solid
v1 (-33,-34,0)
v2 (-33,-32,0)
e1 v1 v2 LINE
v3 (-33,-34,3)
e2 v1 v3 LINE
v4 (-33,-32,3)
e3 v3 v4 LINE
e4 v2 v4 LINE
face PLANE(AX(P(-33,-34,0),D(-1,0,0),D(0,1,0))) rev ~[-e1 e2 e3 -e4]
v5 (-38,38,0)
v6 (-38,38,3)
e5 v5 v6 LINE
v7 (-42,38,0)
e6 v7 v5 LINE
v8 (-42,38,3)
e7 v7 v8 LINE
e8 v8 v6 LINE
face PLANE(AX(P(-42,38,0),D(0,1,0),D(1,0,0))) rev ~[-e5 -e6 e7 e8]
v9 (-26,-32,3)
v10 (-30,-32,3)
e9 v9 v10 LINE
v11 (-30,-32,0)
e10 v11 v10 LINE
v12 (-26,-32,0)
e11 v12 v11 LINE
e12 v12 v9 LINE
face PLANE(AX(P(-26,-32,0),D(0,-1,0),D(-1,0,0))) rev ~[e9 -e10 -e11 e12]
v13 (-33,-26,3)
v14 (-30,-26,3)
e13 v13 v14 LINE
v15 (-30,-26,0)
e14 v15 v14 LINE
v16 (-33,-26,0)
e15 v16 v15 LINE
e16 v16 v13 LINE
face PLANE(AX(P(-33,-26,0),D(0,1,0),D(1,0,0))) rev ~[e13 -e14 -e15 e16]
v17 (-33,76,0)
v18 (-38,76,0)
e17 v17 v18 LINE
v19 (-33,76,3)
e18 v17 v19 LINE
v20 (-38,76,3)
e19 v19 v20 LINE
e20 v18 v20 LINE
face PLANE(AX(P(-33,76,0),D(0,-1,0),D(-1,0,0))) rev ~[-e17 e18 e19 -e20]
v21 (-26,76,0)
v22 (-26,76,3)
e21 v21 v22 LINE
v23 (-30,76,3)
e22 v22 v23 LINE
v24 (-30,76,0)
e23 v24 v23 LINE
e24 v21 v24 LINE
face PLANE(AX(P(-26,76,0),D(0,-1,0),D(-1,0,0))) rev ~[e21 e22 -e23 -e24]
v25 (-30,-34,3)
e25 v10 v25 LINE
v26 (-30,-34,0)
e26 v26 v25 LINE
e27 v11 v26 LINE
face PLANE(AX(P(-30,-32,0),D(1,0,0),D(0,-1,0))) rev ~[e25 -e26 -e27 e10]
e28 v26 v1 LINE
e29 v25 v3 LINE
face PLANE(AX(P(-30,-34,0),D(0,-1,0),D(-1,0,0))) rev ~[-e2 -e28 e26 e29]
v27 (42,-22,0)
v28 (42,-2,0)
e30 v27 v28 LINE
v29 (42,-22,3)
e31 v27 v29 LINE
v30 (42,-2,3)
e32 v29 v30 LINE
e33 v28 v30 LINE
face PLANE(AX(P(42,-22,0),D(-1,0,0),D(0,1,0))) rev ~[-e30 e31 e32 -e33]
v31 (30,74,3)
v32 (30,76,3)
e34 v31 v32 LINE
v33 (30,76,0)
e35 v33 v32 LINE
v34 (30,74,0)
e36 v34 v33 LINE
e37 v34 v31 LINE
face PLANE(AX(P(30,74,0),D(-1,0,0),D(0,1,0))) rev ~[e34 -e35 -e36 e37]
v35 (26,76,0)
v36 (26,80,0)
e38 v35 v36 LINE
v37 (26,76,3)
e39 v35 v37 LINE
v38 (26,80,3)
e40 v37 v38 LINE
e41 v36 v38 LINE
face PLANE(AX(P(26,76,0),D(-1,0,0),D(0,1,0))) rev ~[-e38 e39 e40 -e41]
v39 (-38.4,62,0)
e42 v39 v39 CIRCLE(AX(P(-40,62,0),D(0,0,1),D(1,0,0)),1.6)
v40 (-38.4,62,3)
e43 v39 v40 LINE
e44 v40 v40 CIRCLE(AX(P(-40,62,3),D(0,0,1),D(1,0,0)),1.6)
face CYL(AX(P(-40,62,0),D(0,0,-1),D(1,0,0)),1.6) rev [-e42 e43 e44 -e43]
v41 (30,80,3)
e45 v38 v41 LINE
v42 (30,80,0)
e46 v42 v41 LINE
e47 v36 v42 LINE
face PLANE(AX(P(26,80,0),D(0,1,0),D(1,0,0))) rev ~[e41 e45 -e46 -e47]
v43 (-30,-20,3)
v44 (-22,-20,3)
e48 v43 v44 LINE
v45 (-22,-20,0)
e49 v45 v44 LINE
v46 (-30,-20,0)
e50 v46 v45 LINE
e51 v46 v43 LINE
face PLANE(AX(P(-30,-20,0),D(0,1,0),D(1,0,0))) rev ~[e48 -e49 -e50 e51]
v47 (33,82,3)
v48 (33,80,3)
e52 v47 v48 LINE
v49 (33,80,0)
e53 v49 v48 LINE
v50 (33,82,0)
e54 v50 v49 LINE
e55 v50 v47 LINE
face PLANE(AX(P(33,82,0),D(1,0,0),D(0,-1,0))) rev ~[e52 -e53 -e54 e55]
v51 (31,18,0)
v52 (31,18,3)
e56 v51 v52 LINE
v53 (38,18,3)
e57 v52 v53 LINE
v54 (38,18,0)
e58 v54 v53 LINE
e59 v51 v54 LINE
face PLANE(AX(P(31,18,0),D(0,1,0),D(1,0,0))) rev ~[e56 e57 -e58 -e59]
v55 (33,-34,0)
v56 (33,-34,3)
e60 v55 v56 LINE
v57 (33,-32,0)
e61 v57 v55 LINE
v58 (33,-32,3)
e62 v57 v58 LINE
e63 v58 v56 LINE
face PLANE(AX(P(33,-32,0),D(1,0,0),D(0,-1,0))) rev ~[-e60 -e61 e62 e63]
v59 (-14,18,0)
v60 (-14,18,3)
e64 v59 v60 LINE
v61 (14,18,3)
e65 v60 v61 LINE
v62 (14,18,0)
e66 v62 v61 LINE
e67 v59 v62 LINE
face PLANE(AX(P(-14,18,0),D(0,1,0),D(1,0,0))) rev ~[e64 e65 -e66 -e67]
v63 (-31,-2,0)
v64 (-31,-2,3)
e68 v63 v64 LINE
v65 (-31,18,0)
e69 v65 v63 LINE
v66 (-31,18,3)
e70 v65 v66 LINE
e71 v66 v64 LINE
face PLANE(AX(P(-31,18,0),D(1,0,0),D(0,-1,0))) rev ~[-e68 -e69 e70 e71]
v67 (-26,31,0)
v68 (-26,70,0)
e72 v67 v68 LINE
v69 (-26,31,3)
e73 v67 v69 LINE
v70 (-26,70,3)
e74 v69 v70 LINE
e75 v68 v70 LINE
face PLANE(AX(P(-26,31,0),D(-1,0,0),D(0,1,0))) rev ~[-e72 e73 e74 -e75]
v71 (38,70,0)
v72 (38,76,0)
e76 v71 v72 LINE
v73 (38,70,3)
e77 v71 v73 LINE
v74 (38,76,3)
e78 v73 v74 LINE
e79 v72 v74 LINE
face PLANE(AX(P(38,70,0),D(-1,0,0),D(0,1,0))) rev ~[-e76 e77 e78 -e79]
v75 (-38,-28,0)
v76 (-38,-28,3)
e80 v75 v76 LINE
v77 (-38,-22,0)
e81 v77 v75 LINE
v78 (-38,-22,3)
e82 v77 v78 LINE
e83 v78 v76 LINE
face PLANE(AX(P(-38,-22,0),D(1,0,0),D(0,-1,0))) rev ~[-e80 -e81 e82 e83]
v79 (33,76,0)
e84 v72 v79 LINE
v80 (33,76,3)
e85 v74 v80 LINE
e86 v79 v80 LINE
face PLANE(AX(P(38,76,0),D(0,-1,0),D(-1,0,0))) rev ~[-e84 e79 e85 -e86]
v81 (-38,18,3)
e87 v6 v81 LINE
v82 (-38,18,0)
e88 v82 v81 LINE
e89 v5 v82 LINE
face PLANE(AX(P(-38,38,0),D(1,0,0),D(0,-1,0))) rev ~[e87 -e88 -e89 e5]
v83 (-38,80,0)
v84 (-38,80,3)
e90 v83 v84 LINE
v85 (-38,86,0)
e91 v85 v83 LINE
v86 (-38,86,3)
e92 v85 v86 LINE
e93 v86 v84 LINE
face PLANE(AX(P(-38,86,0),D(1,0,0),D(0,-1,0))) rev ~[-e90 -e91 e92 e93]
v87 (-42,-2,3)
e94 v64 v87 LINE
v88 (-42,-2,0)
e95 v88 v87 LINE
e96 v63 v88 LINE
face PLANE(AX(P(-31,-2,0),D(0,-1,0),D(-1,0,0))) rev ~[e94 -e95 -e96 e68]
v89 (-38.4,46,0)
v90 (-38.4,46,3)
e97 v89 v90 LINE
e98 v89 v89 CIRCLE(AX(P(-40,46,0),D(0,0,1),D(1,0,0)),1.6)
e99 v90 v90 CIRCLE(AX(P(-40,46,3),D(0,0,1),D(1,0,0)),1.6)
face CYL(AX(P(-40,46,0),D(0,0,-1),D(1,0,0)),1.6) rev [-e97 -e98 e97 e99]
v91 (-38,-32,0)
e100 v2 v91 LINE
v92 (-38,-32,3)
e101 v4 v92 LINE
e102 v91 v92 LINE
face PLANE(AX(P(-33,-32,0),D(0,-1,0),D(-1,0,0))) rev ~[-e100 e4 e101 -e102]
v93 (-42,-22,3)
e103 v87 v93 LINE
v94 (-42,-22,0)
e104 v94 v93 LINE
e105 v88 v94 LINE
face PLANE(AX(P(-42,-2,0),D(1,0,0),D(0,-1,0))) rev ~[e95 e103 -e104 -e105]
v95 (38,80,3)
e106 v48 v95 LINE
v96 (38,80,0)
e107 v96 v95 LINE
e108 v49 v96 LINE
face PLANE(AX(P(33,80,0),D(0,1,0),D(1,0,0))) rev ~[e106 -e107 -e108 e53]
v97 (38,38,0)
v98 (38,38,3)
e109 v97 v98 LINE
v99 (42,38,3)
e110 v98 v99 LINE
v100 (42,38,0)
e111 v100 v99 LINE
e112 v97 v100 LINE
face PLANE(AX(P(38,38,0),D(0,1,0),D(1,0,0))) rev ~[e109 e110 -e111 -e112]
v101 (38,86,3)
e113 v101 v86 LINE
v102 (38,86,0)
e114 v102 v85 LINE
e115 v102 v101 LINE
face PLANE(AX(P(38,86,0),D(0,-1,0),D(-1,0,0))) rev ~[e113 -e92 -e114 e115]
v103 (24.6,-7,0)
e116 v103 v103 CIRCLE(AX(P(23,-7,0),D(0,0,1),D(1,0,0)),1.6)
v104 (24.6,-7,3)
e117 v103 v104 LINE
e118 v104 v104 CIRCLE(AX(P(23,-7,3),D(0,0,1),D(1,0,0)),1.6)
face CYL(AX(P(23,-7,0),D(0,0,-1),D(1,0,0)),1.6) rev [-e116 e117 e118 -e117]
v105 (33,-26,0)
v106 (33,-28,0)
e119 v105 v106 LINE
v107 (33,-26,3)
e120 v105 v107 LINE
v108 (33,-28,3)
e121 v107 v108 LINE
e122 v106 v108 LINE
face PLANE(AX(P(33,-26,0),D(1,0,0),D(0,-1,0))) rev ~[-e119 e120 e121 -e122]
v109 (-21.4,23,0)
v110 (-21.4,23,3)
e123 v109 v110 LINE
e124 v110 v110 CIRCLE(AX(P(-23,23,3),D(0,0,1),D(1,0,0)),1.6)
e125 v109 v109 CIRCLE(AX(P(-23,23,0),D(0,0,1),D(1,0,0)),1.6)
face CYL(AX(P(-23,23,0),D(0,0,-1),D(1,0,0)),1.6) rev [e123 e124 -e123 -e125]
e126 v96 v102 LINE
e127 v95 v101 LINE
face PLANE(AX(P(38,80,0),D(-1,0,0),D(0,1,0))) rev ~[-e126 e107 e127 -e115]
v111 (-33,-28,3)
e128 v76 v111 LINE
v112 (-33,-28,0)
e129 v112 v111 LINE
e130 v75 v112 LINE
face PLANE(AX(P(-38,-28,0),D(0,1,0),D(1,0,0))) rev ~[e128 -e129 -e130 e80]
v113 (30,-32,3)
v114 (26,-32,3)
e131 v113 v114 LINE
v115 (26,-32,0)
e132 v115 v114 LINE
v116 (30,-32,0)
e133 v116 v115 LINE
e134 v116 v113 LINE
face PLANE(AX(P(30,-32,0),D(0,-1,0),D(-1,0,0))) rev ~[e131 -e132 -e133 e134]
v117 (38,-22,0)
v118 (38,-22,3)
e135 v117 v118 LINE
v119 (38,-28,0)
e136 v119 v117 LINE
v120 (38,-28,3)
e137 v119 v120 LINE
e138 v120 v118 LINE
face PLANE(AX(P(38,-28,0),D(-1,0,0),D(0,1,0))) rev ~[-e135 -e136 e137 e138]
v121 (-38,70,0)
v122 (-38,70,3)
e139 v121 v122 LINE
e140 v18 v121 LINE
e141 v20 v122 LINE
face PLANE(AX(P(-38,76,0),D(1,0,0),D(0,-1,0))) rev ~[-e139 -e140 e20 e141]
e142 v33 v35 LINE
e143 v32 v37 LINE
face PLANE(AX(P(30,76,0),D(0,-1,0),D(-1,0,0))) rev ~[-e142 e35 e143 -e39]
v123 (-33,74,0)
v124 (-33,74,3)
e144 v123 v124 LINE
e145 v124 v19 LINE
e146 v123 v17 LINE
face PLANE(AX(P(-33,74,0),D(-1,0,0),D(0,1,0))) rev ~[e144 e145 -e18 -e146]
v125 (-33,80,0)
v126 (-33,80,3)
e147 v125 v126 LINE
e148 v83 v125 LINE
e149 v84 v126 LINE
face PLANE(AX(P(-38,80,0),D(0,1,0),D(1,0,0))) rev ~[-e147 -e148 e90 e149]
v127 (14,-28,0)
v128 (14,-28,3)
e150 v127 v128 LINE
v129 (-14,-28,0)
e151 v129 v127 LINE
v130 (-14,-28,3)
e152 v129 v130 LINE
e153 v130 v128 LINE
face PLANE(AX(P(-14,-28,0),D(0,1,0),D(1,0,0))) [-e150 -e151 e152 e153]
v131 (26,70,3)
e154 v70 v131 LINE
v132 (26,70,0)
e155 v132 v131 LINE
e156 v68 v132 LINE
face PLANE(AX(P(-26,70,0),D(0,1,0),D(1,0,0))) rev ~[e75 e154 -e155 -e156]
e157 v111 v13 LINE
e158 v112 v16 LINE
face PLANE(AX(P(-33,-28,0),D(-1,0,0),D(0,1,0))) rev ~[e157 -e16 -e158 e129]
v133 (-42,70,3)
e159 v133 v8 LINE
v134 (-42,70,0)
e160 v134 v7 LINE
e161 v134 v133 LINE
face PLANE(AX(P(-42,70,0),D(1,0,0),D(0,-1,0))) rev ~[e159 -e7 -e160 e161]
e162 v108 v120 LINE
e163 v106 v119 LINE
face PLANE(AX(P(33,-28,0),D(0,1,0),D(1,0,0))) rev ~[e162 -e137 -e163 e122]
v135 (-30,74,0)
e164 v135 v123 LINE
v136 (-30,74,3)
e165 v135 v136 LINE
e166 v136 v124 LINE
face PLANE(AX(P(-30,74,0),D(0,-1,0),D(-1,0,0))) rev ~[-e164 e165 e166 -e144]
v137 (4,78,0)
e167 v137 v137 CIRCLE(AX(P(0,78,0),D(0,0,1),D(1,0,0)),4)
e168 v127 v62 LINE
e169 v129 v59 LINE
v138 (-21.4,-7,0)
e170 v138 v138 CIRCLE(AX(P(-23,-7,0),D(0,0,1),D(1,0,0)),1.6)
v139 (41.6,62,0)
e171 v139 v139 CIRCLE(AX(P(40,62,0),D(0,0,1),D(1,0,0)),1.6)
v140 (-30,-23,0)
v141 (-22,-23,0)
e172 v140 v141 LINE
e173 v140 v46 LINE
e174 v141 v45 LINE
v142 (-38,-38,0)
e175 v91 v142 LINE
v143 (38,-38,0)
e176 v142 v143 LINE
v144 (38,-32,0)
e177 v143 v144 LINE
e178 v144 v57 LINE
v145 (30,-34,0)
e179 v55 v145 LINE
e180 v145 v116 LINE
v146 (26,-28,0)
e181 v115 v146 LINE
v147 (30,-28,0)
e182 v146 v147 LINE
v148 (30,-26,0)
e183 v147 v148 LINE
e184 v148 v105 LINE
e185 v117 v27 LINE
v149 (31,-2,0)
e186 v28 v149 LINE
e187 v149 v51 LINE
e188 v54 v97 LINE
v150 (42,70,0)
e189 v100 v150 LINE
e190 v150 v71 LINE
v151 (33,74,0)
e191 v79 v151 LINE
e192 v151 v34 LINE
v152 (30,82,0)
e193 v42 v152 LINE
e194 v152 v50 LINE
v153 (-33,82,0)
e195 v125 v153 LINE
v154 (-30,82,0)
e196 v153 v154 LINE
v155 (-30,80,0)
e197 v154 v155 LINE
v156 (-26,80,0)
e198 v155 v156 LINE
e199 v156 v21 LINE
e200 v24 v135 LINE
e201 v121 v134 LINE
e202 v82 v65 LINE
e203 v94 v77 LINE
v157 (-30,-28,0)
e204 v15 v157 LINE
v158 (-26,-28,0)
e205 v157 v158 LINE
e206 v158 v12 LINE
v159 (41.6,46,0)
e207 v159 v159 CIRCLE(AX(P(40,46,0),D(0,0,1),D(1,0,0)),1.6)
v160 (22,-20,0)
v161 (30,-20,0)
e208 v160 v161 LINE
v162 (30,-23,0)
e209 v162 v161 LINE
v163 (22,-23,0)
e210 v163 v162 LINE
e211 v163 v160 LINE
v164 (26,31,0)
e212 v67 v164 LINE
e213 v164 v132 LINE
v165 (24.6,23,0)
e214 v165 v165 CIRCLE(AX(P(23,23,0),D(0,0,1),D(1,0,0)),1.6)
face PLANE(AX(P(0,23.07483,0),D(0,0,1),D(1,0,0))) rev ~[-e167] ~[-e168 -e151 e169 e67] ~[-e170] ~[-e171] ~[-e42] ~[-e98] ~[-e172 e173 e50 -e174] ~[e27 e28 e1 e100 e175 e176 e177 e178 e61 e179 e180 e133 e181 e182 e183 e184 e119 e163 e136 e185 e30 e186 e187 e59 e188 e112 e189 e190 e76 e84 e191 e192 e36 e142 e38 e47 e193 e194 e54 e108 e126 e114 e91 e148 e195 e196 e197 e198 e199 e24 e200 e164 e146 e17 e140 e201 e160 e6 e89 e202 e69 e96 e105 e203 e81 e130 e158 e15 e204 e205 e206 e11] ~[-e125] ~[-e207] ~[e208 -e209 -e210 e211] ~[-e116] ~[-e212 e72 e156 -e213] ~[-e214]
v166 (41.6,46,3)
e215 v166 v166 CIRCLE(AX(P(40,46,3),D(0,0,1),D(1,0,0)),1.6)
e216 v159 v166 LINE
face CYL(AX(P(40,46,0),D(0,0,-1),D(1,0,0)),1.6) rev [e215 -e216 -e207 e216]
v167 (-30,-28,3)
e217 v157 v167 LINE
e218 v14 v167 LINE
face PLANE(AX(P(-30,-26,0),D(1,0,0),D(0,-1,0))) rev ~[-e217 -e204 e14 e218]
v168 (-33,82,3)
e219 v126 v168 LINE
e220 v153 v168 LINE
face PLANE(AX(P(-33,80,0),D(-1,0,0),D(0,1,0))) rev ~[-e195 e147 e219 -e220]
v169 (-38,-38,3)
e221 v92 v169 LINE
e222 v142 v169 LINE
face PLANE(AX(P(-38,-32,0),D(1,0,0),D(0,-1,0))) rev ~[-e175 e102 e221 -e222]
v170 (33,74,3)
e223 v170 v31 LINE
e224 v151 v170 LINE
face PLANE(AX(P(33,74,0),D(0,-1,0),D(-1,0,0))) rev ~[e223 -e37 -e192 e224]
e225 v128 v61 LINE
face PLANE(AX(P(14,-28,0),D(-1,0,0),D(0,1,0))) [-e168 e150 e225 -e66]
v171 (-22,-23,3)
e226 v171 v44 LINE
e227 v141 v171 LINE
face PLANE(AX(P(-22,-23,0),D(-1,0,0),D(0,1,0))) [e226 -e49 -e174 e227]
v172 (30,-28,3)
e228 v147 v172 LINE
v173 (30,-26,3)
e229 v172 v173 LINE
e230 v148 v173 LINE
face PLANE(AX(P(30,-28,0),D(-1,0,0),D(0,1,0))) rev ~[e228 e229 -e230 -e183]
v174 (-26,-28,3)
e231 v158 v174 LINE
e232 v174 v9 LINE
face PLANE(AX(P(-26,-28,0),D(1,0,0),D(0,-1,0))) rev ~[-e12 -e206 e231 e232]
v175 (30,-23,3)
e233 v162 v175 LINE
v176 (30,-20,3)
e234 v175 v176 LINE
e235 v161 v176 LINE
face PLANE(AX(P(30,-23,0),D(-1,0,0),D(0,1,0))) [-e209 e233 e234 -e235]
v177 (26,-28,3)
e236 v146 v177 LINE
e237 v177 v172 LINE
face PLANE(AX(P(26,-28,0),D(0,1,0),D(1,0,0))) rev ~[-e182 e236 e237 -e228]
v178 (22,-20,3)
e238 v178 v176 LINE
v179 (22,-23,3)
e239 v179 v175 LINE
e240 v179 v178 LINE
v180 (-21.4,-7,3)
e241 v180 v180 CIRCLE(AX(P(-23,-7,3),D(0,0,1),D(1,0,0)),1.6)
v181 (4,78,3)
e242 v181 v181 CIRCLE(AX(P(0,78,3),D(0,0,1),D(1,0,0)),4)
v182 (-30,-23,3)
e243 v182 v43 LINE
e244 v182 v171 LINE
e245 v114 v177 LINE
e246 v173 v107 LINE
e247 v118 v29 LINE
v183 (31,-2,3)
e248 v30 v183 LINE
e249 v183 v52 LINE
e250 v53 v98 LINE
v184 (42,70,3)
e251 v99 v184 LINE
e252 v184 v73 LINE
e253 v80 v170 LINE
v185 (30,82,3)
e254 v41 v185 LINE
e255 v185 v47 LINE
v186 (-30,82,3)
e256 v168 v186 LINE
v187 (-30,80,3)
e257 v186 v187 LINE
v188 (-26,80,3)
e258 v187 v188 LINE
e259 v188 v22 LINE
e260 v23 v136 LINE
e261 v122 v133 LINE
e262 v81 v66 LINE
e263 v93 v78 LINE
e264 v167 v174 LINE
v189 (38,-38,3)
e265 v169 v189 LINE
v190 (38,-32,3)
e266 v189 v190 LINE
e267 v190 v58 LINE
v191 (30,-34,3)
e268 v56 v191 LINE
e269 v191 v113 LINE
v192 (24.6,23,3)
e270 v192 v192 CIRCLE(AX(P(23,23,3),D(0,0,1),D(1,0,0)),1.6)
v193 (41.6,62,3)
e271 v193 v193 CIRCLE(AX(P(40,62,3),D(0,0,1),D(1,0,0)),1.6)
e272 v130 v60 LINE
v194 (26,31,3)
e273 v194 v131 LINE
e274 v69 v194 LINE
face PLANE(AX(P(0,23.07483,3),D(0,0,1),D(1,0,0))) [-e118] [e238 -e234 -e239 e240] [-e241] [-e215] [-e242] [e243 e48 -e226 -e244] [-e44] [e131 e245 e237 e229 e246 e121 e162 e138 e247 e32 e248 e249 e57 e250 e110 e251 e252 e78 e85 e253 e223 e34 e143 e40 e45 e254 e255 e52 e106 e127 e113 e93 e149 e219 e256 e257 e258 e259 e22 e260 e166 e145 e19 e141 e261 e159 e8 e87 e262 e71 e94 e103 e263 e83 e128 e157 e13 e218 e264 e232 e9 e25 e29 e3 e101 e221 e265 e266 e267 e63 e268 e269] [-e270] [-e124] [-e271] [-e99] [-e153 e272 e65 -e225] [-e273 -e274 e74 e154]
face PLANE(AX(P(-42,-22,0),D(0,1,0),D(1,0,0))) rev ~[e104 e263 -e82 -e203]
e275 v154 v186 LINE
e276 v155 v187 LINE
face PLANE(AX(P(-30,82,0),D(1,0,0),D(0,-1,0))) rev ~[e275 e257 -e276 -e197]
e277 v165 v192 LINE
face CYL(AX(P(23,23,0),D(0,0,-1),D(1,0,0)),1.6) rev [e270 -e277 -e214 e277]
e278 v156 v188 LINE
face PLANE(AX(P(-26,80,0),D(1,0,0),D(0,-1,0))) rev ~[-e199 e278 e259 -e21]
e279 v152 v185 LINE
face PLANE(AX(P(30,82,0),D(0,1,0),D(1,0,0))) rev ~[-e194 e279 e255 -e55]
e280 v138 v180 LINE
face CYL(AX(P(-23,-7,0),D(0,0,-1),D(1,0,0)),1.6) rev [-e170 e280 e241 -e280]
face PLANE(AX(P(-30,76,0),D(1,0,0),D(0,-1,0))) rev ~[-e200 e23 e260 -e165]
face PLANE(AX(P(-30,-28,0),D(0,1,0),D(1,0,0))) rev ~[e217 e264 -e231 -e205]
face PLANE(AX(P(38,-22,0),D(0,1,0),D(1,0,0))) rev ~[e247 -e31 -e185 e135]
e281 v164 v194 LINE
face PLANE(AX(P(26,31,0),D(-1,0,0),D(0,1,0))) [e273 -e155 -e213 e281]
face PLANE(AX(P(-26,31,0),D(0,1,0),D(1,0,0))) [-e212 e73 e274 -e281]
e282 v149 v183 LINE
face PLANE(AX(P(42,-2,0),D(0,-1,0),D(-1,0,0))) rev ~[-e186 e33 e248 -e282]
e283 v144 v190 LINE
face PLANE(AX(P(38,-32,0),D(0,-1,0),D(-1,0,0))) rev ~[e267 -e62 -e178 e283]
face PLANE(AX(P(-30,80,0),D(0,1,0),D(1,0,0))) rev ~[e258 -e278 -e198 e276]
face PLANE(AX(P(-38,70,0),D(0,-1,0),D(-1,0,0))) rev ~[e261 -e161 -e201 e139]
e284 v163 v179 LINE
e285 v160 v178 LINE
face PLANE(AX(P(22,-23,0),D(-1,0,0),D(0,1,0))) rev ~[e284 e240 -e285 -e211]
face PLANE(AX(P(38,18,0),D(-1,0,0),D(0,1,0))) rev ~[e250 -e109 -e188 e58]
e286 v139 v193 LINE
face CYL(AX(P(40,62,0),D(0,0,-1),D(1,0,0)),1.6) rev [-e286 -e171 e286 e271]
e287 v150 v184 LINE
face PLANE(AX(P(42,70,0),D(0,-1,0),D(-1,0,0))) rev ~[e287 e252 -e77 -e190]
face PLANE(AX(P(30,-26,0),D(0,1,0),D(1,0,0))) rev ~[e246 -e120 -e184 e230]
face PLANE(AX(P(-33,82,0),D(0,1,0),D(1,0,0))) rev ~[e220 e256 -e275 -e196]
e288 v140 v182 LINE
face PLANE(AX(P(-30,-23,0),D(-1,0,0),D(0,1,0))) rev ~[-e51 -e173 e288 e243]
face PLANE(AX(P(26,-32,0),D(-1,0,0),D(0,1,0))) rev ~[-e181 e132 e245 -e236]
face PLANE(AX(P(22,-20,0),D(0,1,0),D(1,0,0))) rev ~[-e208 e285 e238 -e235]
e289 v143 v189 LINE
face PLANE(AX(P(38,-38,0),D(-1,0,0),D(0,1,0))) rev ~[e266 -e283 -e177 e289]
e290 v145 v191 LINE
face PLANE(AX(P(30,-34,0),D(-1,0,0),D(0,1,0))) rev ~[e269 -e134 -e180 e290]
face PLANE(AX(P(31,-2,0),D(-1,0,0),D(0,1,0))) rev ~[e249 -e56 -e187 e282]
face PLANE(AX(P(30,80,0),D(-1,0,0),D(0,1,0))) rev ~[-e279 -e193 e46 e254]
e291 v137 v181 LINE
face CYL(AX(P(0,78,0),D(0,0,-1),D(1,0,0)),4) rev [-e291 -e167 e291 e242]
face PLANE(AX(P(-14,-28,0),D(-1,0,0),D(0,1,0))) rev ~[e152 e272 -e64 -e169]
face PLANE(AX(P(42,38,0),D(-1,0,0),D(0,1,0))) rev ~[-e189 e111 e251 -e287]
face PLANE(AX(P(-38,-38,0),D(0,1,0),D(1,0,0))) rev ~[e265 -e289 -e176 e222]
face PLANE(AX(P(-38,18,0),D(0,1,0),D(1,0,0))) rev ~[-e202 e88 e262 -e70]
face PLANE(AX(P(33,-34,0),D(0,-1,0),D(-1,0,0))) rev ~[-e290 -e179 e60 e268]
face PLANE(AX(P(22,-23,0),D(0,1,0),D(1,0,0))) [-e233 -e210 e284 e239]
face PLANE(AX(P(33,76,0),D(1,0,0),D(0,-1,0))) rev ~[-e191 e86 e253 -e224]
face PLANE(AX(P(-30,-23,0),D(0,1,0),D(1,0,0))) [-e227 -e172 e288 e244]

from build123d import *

# Parameters (mm, degrees)
SKETCH_1_W      = 8
SKETCH_1_H      = 3
SKETCH_1_R      = 1.6
SKETCH_1_W_2    = 28
SKETCH_1_H_2    = 46
SKETCH_1_W_3    = 52
SKETCH_1_H_3    = 39
SKETCH_1_R_2    = 4
EXTRUDE_1_DEPTH = 3


with BuildPart() as part:
    # 草图1 → 凸台-拉伸1 (new body)
    with BuildSketch(Plane.XY):
        Polygon((-42, 70), (-42, 54), (-42, 38), (-38, 38), (-38, 18), (-31, 18), (-31, -2), (-38, -2), (-42, -2), (-42, -22), (-38, -22), (-38, -28), (-33, -28), (-33, -26), (-30, -26), (-30, -28), (-26, -28), (-26, -32), (-30, -32), (-30, -34), (-33, -34), (-33, -32), (-38, -32), (-38, -38), (38, -38), (38, -32), (33, -32), (33, -34), (30, -34), (30, -32), (26, -32), (26, -28), (30, -28), (30, -26), (33, -26), (33, -28), (38, -28), (38, -22), (42, -22), (42, -2), (38, -2), (31, -2), (31, 18), (38, 18), (38, 38), (42, 38), (42, 54), (42, 70), (38, 70), (38, 76), (33, 76), (33, 74), (30, 74), (30, 76), (26, 76), (26, 80), (30, 80), (30, 82), (33, 82), (33, 80), (38, 80), (38, 86), (-38, 86), (-38, 80), (-33, 80), (-33, 82), (-30, 82), (-30, 80), (-26, 80), (-26, 76), (-30, 76), (-30, 74), (-33, 74), (-33, 76), (-38, 76), (-38, 70), align=None)
        with Locations((-26, -21.5)):
            Rectangle(SKETCH_1_W, SKETCH_1_H, mode=Mode.SUBTRACT)
        with Locations((-23, -7)):
            Circle(SKETCH_1_R, mode=Mode.SUBTRACT)
        with Locations((-23, 23)):
            Circle(SKETCH_1_R, mode=Mode.SUBTRACT)
        with Locations((26, -21.5)):
            Rectangle(SKETCH_1_W, SKETCH_1_H, mode=Mode.SUBTRACT)
        with Locations((0, -5)):
            Rectangle(SKETCH_1_W_2, SKETCH_1_H_2, mode=Mode.SUBTRACT)
        with Locations((23, -7)):
            Circle(SKETCH_1_R, mode=Mode.SUBTRACT)
        with Locations((23, 23)):
            Circle(SKETCH_1_R, mode=Mode.SUBTRACT)
        with Locations((-40, 46)):
            Circle(SKETCH_1_R, mode=Mode.SUBTRACT)
        with Locations((0, 50.5)):
            Rectangle(SKETCH_1_W_3, SKETCH_1_H_3, mode=Mode.SUBTRACT)
        with Locations((-40, 62)):
            Circle(SKETCH_1_R, mode=Mode.SUBTRACT)
        with Locations((40, 46)):
            Circle(SKETCH_1_R, mode=Mode.SUBTRACT)
        with Locations((0, 78)):
            Circle(SKETCH_1_R_2, mode=Mode.SUBTRACT)
        with Locations((40, 62)):
            Circle(SKETCH_1_R, mode=Mode.SUBTRACT)
    extrude(amount=EXTRUDE_1_DEPTH)


solid = part.part
